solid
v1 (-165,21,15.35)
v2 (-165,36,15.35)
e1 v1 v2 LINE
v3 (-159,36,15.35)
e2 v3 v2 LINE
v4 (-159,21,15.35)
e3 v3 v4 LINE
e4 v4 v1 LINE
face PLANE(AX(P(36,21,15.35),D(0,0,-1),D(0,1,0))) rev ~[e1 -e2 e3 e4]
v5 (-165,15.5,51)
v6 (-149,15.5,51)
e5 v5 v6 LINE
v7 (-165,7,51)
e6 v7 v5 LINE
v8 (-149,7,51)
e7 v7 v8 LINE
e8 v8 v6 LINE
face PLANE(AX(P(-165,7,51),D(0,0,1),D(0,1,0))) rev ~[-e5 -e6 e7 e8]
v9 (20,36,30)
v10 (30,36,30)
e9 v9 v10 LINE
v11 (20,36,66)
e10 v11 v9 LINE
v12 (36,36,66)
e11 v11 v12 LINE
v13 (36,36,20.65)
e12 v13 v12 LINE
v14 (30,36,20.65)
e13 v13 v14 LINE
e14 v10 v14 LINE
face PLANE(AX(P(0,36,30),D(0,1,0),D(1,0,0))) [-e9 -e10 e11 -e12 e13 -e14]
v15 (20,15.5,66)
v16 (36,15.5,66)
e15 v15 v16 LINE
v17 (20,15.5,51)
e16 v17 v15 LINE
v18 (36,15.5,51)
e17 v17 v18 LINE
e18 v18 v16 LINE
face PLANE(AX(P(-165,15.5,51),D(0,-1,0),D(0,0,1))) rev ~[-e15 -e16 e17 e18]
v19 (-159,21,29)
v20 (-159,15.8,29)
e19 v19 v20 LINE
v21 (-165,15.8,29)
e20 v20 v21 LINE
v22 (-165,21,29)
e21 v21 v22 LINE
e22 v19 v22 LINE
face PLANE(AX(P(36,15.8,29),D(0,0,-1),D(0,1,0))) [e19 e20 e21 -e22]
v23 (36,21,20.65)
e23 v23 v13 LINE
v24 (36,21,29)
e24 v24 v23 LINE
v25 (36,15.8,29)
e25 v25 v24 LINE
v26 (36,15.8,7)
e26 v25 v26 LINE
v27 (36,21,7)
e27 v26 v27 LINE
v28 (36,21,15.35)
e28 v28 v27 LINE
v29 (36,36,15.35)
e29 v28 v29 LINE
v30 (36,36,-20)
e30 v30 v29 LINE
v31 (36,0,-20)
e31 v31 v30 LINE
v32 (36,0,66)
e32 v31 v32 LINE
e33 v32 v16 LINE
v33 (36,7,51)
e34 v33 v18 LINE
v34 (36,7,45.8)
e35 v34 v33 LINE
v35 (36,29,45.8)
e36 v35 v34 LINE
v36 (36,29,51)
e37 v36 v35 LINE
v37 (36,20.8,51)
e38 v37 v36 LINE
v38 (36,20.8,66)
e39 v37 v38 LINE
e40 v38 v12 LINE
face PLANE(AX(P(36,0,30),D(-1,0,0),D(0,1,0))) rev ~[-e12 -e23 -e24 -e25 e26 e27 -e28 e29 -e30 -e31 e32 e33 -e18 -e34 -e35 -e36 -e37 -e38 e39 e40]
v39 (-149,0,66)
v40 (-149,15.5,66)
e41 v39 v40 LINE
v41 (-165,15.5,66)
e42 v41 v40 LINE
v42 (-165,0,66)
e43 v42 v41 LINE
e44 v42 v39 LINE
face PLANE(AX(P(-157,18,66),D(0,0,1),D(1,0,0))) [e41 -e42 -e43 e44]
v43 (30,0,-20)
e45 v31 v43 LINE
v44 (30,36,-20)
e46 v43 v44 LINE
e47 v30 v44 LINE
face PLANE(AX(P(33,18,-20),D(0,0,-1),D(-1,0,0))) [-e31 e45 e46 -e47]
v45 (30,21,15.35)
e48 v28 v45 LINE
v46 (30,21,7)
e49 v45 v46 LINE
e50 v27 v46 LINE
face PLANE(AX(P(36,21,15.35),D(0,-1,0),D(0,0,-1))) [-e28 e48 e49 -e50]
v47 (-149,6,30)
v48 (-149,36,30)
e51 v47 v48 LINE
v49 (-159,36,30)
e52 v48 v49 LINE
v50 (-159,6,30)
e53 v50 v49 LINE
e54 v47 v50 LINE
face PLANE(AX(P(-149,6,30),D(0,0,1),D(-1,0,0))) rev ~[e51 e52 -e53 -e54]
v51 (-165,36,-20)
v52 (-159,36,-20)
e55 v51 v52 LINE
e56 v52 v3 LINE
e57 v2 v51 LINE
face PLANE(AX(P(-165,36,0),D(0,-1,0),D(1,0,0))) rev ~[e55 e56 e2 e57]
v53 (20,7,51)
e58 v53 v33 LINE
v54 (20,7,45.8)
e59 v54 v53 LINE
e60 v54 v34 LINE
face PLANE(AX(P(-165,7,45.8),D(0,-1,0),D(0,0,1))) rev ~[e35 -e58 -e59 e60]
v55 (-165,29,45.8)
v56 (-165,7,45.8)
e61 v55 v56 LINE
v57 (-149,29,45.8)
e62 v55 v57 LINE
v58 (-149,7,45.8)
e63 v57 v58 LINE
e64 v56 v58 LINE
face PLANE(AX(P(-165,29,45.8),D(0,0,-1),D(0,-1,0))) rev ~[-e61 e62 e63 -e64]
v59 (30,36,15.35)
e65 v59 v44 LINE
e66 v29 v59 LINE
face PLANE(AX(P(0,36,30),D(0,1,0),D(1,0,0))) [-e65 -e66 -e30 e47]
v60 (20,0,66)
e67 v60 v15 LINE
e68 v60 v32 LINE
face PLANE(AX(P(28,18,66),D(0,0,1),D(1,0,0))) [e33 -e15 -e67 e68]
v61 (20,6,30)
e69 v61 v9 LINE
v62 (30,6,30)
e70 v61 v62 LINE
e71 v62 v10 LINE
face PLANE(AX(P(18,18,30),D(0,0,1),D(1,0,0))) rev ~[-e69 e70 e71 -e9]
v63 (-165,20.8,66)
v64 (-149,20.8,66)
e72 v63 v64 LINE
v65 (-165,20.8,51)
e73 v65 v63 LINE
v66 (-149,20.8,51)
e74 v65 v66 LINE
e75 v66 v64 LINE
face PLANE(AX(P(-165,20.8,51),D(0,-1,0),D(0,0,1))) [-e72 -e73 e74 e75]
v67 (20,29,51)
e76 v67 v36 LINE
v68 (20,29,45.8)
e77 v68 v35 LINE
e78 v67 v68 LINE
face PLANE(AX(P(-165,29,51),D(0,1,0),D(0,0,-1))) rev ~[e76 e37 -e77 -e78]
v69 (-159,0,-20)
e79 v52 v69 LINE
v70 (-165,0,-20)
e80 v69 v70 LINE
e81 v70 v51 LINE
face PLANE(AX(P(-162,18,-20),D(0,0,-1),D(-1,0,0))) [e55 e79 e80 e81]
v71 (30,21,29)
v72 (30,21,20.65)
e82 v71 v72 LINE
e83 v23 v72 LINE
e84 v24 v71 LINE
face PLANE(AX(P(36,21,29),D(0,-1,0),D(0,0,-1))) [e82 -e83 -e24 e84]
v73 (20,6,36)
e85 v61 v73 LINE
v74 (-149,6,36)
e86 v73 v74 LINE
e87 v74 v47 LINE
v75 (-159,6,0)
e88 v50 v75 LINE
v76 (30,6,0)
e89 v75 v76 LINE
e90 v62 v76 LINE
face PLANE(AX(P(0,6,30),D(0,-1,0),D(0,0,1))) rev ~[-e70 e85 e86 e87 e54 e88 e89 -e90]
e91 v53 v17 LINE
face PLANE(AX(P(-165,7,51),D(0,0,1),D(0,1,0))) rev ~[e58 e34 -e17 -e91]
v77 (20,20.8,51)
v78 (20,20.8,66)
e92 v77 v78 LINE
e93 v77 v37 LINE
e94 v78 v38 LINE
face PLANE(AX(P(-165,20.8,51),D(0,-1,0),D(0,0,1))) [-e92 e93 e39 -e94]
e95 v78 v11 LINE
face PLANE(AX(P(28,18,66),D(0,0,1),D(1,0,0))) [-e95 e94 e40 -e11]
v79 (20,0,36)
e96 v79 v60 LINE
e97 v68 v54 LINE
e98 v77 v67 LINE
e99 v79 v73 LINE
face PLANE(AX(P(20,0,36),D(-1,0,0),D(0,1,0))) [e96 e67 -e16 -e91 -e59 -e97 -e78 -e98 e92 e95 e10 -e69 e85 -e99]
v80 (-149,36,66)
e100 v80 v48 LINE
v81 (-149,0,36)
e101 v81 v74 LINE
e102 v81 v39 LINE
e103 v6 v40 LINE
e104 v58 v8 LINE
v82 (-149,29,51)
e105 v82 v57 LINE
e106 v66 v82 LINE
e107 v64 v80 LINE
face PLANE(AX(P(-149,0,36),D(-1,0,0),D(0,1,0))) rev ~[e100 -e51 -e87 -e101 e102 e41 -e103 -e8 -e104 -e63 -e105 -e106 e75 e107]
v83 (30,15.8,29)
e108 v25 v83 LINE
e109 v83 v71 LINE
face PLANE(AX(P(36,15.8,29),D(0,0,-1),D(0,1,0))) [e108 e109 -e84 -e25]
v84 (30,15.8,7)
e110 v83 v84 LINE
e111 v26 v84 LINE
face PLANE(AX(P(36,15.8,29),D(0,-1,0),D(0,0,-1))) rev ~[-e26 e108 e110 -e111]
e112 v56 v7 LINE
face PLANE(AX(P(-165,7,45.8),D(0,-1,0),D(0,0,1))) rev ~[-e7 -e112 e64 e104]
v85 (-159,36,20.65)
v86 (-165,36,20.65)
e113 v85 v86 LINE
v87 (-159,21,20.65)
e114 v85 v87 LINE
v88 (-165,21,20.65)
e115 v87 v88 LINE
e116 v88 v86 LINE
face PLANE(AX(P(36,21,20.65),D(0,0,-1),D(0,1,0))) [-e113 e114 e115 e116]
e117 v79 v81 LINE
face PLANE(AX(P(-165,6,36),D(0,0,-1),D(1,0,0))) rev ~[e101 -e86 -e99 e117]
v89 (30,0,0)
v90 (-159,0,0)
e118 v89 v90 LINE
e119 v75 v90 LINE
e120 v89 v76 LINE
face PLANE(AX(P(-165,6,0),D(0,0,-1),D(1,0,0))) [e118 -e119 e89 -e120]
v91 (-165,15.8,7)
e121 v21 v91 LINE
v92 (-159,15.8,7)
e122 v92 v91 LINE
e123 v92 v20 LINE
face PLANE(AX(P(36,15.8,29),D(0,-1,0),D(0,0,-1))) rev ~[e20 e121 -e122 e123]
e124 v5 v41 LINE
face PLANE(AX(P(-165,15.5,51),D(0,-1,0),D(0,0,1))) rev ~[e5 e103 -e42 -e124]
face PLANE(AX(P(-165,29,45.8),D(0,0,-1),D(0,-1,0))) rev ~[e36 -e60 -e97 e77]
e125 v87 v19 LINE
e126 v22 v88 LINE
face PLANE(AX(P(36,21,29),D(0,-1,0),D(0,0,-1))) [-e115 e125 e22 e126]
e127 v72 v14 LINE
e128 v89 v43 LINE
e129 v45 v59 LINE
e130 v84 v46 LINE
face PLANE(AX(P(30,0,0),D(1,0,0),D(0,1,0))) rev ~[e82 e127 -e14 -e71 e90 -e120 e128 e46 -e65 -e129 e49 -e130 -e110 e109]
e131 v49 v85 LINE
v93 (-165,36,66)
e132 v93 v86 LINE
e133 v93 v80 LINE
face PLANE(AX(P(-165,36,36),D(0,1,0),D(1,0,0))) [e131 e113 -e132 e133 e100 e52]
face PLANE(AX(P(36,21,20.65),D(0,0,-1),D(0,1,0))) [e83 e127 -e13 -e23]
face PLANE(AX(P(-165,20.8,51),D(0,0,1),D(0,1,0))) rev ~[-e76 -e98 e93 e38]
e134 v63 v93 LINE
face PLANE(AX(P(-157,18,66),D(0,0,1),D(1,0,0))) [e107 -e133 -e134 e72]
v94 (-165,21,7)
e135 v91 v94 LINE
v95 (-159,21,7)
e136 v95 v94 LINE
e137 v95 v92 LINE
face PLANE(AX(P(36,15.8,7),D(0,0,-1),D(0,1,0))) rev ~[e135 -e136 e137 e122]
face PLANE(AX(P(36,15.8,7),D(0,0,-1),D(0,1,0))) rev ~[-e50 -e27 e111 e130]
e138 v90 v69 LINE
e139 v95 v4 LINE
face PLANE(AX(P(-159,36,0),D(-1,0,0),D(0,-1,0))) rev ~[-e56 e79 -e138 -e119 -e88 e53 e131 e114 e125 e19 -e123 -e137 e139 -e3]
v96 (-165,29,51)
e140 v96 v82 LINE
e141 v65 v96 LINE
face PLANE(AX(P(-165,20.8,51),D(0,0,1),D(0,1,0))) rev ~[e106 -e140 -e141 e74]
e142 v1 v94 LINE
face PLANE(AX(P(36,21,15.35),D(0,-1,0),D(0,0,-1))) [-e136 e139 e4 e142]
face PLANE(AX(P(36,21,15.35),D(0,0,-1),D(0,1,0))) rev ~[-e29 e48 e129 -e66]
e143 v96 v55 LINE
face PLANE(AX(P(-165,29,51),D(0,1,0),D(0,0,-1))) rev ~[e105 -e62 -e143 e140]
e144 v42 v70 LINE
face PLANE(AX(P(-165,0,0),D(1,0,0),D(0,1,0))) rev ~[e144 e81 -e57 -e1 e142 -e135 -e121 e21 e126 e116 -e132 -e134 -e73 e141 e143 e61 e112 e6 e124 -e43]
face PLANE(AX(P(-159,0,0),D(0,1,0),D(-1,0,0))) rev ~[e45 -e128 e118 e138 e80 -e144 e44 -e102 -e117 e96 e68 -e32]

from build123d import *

# Parameters (mm, degrees)
SKETCH1_W           = 30
SKETCH1_H           = 30
BOSS_EXTRUDE1_DEPTH = 6
SKETCH2_W           = 30
SKETCH2_H           = 36
BOSS_EXTRUDE2_DEPTH = 6
SKETCH3_W           = 36
SKETCH3_H           = 36
BOSS_EXTRUDE3_DEPTH = 6
SKETCH4_W           = 36
SKETCH4_H           = 6
BOSS_EXTRUDE4_DEPTH = 165
SKETCH6_W           = 6
SKETCH6_H           = 30
BOSS_EXTRUDE6_DEPTH = 30
SKETCH9_W           = 6
SKETCH9_H           = 30
CUT_EXTRUDE2_DEPTH  = 20
SKETCH11_W          = 22
SKETCH11_H          = 5.2
SKETCH11_W_2        = 5.3
SKETCH11_H_2        = 15
CUT_EXTRUDE3_DEPTH  = 500
SKETCH13_W          = 16
SKETCH13_H          = 36
BOSS_EXTRUDE7_DEPTH = 30
SKETCH16_W          = 15
SKETCH16_H          = 5.3
CUT_EXTRUDE4_DEPTH  = 2090
SKETCH17_W          = 6
SKETCH17_H          = 36
BOSS_EXTRUDE8_DEPTH = 20


with BuildPart() as part:
    # Sketch1 → Boss-Extrude1 (new body)
    with BuildSketch(Plane(origin=(0, 0, 0), x_dir=(1, 0, 0), z_dir=(0, 1, 0))):
        with Locations((15, -15)):
            Rectangle(SKETCH1_W, SKETCH1_H)
    extrude(amount=BOSS_EXTRUDE1_DEPTH)

    # Sketch2 → Boss-Extrude2 (add)
    with BuildSketch(Plane(origin=(30, 0, 0), x_dir=(0, 0, -1), z_dir=(1, 0, 0))):
        with Locations((-15, 18)):
            Rectangle(SKETCH2_W, SKETCH2_H)
    extrude(amount=BOSS_EXTRUDE2_DEPTH)

    # Sketch3 → Boss-Extrude3 (add)
    with BuildSketch(Plane.XY.offset(30)):
        with Locations((18, 18)):
            Rectangle(SKETCH3_W, SKETCH3_H)
    extrude(amount=BOSS_EXTRUDE3_DEPTH)

    # Sketch4 → Boss-Extrude4 (add)
    with BuildSketch(Plane.ZY):
        with Locations((18, 3)):
            Rectangle(SKETCH4_W, SKETCH4_H)
    extrude(amount=BOSS_EXTRUDE4_DEPTH)

    # Sketch6 → Boss-Extrude6 (add)
    with BuildSketch(Plane(origin=(0, 6, 0), x_dir=(1, 0, 0), z_dir=(0, 1, 0))):
        Polygon((-165, -30), (-165, -36), (-149, -36), (-149, -30), (-159, -30), align=None)
        with Locations((-162, -15)):
            Rectangle(SKETCH6_W, SKETCH6_H)
    extrude(amount=BOSS_EXTRUDE6_DEPTH)

    # Sketch9 → Cut-Extrude2 (cut)
    with BuildSketch(Plane.ZY):
        with Locations((33, 21)):
            Rectangle(SKETCH9_W, SKETCH9_H)
    extrude(amount=-CUT_EXTRUDE2_DEPTH, mode=Mode.SUBTRACT)

    # Sketch11 → Cut-Extrude3 (cut)
    with BuildSketch(Plane(origin=(36, 0, 0), x_dir=(0, 0, -1), z_dir=(1, 0, 0))):
        with Locations((-18, 18.4)):
            Rectangle(SKETCH11_W, SKETCH11_H)
        with Locations((-18, 28.5)):
            Rectangle(SKETCH11_W_2, SKETCH11_H_2)
    extrude(amount=-CUT_EXTRUDE3_DEPTH, mode=Mode.SUBTRACT)

    # Sketch13 → Boss-Extrude7 (add)
    with BuildSketch(Plane.XY.offset(36)):
        with Locations((-157, 18)):
            Rectangle(SKETCH13_W, SKETCH13_H)
        with Locations((28, 18)):
            Rectangle(SKETCH13_W, SKETCH13_H)
    extrude(amount=BOSS_EXTRUDE7_DEPTH)

    # Sketch16 → Cut-Extrude4 (cut)
    with BuildSketch(Plane.ZY.offset(165)):
        Polygon((51, 15.5), (51, 20.8), (51, 29), (45.8, 29), (45.8, 7), (51, 7), align=None)
        with Locations((58.5, 18.15)):
            Rectangle(SKETCH16_W, SKETCH16_H)
    extrude(amount=-CUT_EXTRUDE4_DEPTH, mode=Mode.SUBTRACT)

    # Sketch17 → Boss-Extrude8 (add)
    with BuildSketch(Plane(origin=(0, 0, 0), x_dir=(-1, 0, 0), z_dir=(0, 0, -1))):
        Polygon((159, 6), (159, 0), (165, 0), (165, 36), (159, 36), align=None)
        with Locations((-33, 18)):
            Rectangle(SKETCH17_W, SKETCH17_H)
    extrude(amount=BOSS_EXTRUDE8_DEPTH)


solid = part.part
